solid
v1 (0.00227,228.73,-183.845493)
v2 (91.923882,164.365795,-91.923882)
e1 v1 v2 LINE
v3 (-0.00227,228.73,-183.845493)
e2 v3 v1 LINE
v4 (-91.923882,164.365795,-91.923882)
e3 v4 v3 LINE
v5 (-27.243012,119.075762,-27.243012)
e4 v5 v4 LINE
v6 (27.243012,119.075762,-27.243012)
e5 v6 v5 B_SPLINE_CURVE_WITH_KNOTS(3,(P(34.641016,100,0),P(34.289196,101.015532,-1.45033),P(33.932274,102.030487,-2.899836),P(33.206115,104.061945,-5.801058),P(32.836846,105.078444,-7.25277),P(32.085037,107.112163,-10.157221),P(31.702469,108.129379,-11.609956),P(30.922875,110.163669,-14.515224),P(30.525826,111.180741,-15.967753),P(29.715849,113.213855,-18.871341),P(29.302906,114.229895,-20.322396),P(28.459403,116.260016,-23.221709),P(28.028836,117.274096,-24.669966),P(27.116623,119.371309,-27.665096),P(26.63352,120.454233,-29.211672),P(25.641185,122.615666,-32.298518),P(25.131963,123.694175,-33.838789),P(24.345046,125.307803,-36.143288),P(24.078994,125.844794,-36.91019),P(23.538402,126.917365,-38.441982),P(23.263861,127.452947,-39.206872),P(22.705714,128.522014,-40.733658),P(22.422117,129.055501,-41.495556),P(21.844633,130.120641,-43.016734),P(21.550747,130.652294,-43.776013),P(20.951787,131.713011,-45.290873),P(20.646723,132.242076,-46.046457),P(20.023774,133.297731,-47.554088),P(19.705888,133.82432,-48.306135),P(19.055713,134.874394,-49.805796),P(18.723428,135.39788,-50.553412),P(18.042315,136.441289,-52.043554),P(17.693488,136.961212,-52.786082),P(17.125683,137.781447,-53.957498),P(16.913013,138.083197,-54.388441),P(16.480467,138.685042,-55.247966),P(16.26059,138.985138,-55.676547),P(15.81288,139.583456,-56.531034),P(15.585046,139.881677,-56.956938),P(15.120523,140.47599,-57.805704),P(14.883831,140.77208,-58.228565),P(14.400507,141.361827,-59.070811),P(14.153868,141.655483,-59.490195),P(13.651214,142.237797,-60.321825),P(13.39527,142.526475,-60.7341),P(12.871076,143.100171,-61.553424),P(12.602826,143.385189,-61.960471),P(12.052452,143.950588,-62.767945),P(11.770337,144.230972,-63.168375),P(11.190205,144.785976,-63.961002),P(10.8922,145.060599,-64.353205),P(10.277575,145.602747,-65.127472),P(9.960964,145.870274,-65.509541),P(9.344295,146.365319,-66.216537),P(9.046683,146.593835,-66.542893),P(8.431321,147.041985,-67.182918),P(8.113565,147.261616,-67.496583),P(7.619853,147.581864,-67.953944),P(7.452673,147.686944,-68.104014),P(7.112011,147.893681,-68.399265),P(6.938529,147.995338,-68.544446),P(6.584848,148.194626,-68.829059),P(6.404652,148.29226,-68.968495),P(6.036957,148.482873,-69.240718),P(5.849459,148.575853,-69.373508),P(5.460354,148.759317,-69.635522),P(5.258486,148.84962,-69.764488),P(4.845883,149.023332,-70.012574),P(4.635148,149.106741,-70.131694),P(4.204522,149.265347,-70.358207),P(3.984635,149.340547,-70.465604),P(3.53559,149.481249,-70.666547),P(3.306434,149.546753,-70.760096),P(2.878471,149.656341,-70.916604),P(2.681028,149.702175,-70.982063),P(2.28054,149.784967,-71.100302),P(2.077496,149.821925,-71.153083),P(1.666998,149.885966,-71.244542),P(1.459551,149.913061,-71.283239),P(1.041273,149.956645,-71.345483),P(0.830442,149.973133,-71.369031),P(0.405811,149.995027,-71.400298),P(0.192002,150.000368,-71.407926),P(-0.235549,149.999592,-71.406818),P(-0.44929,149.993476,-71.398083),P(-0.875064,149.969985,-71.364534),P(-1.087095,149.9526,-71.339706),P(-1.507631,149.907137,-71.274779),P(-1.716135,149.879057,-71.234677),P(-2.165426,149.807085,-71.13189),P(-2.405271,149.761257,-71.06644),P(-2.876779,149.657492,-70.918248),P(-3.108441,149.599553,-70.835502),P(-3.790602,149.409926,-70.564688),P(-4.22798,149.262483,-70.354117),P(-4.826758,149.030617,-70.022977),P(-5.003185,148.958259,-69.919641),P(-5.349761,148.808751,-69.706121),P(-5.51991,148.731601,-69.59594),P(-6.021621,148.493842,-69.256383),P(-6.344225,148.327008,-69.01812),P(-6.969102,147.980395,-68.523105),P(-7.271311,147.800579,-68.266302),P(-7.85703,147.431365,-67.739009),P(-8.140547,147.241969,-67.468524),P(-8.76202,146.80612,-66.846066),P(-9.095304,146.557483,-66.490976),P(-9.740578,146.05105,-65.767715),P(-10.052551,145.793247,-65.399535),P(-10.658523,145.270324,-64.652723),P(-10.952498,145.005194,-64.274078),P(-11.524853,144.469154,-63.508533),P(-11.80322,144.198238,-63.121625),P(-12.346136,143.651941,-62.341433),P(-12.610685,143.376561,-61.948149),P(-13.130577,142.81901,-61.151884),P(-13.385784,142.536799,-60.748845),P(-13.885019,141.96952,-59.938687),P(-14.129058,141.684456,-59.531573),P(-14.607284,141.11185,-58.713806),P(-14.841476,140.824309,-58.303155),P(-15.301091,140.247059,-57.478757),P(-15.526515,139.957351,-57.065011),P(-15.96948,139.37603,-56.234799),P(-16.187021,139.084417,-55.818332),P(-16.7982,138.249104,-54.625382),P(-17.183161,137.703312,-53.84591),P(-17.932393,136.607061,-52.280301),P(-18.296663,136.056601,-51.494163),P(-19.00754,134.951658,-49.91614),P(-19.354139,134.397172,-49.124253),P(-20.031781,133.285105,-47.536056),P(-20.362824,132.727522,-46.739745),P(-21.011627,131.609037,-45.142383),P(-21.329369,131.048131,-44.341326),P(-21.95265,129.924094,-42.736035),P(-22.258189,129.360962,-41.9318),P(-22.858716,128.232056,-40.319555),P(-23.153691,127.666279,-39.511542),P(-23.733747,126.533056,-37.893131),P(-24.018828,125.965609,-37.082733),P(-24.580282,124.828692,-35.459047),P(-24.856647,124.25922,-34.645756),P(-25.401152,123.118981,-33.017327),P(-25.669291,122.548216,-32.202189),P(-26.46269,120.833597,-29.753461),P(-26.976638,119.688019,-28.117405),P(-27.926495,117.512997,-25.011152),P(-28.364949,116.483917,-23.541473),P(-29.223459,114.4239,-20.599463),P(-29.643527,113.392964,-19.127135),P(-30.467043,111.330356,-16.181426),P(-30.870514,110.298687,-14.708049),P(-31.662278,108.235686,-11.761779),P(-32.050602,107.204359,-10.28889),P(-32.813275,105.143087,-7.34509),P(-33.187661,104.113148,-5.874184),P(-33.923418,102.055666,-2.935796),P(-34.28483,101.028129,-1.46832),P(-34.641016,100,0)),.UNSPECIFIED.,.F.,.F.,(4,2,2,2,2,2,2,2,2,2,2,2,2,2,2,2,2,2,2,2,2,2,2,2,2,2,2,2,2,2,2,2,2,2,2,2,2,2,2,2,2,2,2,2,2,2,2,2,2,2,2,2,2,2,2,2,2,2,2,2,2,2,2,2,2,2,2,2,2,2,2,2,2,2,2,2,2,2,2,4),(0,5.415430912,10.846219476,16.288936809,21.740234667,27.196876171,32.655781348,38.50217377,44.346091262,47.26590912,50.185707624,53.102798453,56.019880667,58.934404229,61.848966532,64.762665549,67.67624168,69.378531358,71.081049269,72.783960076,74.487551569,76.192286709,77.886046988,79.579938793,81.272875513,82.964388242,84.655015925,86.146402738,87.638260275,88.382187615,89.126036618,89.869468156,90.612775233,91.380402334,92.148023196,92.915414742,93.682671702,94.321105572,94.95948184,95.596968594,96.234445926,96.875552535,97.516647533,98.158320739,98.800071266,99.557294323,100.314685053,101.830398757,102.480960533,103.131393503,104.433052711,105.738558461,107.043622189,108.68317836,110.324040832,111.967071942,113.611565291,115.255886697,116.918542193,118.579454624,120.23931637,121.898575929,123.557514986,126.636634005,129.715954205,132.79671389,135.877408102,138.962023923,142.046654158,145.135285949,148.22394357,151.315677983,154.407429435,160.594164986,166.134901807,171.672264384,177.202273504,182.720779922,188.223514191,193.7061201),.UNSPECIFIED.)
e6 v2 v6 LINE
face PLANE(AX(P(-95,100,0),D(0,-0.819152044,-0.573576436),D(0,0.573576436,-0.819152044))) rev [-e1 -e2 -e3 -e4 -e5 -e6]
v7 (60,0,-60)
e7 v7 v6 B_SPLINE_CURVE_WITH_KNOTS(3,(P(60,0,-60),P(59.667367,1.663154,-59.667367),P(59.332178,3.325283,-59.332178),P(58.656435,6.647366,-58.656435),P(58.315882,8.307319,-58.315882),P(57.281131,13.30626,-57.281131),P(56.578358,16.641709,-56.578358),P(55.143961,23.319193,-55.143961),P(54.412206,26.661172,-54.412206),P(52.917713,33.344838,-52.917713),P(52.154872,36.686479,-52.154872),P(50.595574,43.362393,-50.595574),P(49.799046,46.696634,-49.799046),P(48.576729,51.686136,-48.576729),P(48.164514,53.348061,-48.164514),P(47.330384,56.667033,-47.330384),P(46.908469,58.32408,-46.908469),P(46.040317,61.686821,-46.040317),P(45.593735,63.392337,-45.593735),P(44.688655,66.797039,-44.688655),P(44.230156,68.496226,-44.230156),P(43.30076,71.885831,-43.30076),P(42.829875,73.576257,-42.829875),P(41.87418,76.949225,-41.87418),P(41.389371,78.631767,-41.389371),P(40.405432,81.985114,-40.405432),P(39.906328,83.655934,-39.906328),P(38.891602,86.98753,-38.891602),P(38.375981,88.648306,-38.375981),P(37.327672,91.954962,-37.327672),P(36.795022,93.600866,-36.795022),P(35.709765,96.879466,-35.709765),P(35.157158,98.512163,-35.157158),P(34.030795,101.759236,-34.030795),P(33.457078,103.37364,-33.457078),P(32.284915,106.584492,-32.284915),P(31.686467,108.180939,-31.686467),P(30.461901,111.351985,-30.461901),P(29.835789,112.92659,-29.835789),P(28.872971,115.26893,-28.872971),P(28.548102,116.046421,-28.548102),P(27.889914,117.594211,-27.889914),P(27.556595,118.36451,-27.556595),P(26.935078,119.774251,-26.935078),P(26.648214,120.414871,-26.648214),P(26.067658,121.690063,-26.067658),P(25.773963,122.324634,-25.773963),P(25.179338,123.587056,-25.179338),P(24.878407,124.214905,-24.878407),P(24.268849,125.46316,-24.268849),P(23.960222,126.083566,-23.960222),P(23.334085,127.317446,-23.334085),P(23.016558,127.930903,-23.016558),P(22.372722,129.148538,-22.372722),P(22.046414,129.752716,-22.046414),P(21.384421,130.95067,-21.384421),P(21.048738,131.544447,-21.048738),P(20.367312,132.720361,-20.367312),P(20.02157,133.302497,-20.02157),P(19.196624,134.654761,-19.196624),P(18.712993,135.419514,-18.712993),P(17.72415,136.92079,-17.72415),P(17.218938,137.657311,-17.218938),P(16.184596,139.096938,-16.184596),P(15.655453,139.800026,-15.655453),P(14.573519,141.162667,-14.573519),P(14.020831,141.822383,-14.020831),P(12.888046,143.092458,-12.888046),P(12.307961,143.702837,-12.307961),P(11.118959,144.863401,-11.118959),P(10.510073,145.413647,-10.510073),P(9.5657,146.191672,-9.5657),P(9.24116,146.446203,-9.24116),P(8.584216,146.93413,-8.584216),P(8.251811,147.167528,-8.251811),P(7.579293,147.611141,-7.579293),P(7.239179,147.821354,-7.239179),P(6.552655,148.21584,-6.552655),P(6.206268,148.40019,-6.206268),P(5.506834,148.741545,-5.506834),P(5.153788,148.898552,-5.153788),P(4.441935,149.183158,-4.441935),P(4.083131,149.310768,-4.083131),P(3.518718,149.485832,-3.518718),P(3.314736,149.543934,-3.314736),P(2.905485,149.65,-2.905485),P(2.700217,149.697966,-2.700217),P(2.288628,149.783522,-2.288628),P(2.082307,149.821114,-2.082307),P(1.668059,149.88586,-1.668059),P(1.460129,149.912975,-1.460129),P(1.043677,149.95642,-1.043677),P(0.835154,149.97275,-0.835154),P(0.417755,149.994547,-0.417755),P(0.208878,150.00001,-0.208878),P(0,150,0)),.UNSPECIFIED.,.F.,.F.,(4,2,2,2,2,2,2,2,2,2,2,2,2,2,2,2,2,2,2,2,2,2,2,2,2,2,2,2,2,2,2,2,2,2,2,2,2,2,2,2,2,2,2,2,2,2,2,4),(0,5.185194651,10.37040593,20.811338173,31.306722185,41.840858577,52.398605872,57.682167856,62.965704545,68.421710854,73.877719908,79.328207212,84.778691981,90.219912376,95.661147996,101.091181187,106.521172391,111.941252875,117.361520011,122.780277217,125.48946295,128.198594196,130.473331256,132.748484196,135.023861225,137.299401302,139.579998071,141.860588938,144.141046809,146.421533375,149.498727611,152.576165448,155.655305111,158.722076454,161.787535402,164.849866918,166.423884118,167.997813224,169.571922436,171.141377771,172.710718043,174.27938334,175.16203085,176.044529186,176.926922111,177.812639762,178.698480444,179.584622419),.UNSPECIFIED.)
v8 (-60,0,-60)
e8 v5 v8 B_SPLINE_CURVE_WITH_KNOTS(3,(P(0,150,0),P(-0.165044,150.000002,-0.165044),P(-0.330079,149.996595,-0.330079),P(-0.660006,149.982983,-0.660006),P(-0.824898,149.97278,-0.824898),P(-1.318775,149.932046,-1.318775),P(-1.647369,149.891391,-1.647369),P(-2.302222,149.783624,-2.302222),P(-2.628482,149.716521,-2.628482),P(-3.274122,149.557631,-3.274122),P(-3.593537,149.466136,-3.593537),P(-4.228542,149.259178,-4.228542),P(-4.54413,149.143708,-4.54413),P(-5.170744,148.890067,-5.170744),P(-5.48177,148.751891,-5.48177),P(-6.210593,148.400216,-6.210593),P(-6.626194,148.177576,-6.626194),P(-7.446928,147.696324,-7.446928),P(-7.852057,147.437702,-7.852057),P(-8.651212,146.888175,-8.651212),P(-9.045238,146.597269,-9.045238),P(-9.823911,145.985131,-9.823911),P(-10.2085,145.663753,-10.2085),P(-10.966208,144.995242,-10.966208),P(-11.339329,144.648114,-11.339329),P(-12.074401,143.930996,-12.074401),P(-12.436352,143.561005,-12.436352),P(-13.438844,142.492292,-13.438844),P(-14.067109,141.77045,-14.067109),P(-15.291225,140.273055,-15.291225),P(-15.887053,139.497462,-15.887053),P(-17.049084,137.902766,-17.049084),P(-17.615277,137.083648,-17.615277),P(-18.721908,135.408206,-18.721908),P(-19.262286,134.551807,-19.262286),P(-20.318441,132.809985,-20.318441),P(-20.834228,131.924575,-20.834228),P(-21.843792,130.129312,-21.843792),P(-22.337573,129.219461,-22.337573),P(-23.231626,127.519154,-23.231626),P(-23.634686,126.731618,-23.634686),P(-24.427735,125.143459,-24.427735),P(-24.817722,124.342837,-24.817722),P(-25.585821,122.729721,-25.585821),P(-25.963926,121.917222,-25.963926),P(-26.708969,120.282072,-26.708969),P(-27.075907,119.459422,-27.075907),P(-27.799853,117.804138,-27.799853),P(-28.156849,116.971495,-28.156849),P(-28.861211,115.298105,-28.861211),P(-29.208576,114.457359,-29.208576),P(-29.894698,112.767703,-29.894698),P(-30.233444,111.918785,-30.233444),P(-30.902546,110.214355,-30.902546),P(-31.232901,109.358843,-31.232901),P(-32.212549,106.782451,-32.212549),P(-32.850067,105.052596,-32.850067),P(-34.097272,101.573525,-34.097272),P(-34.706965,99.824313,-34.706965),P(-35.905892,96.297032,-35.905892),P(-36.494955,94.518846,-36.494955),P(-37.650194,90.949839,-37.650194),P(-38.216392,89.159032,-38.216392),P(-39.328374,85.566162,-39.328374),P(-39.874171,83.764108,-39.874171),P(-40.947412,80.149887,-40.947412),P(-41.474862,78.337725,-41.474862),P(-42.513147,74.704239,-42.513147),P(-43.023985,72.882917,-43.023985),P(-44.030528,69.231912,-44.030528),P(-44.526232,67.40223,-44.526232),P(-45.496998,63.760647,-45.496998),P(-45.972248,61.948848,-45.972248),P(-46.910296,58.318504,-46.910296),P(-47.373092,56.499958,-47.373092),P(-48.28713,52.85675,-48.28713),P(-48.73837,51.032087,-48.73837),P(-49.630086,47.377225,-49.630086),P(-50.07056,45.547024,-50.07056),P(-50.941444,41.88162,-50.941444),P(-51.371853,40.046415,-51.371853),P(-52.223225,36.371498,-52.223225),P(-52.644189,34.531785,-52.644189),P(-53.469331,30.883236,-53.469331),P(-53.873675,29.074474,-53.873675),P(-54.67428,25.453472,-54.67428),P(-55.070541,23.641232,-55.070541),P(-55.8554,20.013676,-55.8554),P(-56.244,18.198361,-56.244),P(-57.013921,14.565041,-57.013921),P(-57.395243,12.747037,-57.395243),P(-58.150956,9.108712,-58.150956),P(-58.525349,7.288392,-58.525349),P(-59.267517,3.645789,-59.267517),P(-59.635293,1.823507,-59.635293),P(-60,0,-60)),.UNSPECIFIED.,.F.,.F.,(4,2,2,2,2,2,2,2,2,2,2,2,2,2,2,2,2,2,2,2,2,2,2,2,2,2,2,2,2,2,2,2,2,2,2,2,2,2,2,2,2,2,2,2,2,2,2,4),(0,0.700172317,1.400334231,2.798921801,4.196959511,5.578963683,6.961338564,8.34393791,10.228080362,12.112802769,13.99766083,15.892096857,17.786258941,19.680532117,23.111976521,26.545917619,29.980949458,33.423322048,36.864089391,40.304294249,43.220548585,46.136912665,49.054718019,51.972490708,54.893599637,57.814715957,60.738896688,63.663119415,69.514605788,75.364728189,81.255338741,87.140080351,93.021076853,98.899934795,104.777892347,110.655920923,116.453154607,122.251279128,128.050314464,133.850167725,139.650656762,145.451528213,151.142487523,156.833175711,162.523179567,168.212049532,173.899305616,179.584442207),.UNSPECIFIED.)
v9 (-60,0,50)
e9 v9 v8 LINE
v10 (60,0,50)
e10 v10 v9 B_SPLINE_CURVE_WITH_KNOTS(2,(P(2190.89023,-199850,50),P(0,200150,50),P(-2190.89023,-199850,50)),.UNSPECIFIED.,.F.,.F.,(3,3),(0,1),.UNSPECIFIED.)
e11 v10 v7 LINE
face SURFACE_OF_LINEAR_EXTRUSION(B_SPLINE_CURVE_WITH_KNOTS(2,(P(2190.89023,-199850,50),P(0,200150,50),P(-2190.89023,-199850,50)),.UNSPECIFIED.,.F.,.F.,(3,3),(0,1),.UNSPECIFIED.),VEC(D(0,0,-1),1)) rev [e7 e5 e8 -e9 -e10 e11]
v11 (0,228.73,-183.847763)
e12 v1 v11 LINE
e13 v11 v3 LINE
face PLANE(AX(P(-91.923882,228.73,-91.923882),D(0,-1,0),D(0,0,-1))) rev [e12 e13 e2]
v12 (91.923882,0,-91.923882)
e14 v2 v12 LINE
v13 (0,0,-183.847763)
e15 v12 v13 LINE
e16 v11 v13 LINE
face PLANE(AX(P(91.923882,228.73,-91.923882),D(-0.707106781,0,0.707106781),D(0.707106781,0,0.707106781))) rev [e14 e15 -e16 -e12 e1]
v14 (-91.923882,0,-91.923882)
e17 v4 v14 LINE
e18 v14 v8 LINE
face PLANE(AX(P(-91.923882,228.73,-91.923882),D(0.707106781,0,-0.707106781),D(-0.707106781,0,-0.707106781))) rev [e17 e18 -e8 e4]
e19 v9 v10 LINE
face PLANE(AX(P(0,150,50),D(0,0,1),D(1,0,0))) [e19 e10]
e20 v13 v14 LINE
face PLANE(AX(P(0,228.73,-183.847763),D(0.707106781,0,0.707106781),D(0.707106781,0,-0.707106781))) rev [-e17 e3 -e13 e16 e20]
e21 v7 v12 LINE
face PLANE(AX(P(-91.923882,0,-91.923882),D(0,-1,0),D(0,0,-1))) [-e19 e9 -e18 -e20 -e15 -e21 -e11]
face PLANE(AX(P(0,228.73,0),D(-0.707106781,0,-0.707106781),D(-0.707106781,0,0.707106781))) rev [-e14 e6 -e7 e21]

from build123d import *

# Parameters (mm, degrees)
EXTRUDE1_DEPTH      = 228.73
CUT_EXTRUDE1_DEPTH  = 95
EXTRUDE2_DEPTH      = 50
EXTRUDE2_DEPTH_BACK = 100


with BuildPart() as part:
    # Sketch1 → Extrude1 (new body)
    with BuildSketch(Plane(origin=(0, 0, 0), x_dir=(1, 0, 0), z_dir=(0, 1, 0))):
        Polygon((0, 0), (91.923881554, 91.923881554), (0, 183.847763109), (-91.923881554, 91.923881554), align=None)
    extrude(amount=EXTRUDE1_DEPTH)

    # Sketch2 → Cut-Extrude1 (cut, symmetric)
    with BuildSketch(Plane(origin=(0, 0, 0), x_dir=(0, 0, -1), z_dir=(1, 0, 0))):
        Polygon((0, 100), (183.847763109, 228.731589612), (0, 228.731589612), align=None)
    extrude(amount=CUT_EXTRUDE1_DEPTH, both=True, mode=Mode.SUBTRACT)

    # Sketch3 → Extrude2 (add, two sides)
    with BuildSketch(Plane.XY) as extrude2_sk:
        with BuildLine():
            Line((-60, 0), (60, 0))
            add(Edge.make_bspline(
                [(-60, 0), (0, 300), (60, 0)],
                knots=[0, 0, 0, 1, 1, 1], degree=2))
        make_face()
    extrude(amount=EXTRUDE2_DEPTH)
    extrude(extrude2_sk.sketch, amount=-EXTRUDE2_DEPTH_BACK)


solid = part.part
